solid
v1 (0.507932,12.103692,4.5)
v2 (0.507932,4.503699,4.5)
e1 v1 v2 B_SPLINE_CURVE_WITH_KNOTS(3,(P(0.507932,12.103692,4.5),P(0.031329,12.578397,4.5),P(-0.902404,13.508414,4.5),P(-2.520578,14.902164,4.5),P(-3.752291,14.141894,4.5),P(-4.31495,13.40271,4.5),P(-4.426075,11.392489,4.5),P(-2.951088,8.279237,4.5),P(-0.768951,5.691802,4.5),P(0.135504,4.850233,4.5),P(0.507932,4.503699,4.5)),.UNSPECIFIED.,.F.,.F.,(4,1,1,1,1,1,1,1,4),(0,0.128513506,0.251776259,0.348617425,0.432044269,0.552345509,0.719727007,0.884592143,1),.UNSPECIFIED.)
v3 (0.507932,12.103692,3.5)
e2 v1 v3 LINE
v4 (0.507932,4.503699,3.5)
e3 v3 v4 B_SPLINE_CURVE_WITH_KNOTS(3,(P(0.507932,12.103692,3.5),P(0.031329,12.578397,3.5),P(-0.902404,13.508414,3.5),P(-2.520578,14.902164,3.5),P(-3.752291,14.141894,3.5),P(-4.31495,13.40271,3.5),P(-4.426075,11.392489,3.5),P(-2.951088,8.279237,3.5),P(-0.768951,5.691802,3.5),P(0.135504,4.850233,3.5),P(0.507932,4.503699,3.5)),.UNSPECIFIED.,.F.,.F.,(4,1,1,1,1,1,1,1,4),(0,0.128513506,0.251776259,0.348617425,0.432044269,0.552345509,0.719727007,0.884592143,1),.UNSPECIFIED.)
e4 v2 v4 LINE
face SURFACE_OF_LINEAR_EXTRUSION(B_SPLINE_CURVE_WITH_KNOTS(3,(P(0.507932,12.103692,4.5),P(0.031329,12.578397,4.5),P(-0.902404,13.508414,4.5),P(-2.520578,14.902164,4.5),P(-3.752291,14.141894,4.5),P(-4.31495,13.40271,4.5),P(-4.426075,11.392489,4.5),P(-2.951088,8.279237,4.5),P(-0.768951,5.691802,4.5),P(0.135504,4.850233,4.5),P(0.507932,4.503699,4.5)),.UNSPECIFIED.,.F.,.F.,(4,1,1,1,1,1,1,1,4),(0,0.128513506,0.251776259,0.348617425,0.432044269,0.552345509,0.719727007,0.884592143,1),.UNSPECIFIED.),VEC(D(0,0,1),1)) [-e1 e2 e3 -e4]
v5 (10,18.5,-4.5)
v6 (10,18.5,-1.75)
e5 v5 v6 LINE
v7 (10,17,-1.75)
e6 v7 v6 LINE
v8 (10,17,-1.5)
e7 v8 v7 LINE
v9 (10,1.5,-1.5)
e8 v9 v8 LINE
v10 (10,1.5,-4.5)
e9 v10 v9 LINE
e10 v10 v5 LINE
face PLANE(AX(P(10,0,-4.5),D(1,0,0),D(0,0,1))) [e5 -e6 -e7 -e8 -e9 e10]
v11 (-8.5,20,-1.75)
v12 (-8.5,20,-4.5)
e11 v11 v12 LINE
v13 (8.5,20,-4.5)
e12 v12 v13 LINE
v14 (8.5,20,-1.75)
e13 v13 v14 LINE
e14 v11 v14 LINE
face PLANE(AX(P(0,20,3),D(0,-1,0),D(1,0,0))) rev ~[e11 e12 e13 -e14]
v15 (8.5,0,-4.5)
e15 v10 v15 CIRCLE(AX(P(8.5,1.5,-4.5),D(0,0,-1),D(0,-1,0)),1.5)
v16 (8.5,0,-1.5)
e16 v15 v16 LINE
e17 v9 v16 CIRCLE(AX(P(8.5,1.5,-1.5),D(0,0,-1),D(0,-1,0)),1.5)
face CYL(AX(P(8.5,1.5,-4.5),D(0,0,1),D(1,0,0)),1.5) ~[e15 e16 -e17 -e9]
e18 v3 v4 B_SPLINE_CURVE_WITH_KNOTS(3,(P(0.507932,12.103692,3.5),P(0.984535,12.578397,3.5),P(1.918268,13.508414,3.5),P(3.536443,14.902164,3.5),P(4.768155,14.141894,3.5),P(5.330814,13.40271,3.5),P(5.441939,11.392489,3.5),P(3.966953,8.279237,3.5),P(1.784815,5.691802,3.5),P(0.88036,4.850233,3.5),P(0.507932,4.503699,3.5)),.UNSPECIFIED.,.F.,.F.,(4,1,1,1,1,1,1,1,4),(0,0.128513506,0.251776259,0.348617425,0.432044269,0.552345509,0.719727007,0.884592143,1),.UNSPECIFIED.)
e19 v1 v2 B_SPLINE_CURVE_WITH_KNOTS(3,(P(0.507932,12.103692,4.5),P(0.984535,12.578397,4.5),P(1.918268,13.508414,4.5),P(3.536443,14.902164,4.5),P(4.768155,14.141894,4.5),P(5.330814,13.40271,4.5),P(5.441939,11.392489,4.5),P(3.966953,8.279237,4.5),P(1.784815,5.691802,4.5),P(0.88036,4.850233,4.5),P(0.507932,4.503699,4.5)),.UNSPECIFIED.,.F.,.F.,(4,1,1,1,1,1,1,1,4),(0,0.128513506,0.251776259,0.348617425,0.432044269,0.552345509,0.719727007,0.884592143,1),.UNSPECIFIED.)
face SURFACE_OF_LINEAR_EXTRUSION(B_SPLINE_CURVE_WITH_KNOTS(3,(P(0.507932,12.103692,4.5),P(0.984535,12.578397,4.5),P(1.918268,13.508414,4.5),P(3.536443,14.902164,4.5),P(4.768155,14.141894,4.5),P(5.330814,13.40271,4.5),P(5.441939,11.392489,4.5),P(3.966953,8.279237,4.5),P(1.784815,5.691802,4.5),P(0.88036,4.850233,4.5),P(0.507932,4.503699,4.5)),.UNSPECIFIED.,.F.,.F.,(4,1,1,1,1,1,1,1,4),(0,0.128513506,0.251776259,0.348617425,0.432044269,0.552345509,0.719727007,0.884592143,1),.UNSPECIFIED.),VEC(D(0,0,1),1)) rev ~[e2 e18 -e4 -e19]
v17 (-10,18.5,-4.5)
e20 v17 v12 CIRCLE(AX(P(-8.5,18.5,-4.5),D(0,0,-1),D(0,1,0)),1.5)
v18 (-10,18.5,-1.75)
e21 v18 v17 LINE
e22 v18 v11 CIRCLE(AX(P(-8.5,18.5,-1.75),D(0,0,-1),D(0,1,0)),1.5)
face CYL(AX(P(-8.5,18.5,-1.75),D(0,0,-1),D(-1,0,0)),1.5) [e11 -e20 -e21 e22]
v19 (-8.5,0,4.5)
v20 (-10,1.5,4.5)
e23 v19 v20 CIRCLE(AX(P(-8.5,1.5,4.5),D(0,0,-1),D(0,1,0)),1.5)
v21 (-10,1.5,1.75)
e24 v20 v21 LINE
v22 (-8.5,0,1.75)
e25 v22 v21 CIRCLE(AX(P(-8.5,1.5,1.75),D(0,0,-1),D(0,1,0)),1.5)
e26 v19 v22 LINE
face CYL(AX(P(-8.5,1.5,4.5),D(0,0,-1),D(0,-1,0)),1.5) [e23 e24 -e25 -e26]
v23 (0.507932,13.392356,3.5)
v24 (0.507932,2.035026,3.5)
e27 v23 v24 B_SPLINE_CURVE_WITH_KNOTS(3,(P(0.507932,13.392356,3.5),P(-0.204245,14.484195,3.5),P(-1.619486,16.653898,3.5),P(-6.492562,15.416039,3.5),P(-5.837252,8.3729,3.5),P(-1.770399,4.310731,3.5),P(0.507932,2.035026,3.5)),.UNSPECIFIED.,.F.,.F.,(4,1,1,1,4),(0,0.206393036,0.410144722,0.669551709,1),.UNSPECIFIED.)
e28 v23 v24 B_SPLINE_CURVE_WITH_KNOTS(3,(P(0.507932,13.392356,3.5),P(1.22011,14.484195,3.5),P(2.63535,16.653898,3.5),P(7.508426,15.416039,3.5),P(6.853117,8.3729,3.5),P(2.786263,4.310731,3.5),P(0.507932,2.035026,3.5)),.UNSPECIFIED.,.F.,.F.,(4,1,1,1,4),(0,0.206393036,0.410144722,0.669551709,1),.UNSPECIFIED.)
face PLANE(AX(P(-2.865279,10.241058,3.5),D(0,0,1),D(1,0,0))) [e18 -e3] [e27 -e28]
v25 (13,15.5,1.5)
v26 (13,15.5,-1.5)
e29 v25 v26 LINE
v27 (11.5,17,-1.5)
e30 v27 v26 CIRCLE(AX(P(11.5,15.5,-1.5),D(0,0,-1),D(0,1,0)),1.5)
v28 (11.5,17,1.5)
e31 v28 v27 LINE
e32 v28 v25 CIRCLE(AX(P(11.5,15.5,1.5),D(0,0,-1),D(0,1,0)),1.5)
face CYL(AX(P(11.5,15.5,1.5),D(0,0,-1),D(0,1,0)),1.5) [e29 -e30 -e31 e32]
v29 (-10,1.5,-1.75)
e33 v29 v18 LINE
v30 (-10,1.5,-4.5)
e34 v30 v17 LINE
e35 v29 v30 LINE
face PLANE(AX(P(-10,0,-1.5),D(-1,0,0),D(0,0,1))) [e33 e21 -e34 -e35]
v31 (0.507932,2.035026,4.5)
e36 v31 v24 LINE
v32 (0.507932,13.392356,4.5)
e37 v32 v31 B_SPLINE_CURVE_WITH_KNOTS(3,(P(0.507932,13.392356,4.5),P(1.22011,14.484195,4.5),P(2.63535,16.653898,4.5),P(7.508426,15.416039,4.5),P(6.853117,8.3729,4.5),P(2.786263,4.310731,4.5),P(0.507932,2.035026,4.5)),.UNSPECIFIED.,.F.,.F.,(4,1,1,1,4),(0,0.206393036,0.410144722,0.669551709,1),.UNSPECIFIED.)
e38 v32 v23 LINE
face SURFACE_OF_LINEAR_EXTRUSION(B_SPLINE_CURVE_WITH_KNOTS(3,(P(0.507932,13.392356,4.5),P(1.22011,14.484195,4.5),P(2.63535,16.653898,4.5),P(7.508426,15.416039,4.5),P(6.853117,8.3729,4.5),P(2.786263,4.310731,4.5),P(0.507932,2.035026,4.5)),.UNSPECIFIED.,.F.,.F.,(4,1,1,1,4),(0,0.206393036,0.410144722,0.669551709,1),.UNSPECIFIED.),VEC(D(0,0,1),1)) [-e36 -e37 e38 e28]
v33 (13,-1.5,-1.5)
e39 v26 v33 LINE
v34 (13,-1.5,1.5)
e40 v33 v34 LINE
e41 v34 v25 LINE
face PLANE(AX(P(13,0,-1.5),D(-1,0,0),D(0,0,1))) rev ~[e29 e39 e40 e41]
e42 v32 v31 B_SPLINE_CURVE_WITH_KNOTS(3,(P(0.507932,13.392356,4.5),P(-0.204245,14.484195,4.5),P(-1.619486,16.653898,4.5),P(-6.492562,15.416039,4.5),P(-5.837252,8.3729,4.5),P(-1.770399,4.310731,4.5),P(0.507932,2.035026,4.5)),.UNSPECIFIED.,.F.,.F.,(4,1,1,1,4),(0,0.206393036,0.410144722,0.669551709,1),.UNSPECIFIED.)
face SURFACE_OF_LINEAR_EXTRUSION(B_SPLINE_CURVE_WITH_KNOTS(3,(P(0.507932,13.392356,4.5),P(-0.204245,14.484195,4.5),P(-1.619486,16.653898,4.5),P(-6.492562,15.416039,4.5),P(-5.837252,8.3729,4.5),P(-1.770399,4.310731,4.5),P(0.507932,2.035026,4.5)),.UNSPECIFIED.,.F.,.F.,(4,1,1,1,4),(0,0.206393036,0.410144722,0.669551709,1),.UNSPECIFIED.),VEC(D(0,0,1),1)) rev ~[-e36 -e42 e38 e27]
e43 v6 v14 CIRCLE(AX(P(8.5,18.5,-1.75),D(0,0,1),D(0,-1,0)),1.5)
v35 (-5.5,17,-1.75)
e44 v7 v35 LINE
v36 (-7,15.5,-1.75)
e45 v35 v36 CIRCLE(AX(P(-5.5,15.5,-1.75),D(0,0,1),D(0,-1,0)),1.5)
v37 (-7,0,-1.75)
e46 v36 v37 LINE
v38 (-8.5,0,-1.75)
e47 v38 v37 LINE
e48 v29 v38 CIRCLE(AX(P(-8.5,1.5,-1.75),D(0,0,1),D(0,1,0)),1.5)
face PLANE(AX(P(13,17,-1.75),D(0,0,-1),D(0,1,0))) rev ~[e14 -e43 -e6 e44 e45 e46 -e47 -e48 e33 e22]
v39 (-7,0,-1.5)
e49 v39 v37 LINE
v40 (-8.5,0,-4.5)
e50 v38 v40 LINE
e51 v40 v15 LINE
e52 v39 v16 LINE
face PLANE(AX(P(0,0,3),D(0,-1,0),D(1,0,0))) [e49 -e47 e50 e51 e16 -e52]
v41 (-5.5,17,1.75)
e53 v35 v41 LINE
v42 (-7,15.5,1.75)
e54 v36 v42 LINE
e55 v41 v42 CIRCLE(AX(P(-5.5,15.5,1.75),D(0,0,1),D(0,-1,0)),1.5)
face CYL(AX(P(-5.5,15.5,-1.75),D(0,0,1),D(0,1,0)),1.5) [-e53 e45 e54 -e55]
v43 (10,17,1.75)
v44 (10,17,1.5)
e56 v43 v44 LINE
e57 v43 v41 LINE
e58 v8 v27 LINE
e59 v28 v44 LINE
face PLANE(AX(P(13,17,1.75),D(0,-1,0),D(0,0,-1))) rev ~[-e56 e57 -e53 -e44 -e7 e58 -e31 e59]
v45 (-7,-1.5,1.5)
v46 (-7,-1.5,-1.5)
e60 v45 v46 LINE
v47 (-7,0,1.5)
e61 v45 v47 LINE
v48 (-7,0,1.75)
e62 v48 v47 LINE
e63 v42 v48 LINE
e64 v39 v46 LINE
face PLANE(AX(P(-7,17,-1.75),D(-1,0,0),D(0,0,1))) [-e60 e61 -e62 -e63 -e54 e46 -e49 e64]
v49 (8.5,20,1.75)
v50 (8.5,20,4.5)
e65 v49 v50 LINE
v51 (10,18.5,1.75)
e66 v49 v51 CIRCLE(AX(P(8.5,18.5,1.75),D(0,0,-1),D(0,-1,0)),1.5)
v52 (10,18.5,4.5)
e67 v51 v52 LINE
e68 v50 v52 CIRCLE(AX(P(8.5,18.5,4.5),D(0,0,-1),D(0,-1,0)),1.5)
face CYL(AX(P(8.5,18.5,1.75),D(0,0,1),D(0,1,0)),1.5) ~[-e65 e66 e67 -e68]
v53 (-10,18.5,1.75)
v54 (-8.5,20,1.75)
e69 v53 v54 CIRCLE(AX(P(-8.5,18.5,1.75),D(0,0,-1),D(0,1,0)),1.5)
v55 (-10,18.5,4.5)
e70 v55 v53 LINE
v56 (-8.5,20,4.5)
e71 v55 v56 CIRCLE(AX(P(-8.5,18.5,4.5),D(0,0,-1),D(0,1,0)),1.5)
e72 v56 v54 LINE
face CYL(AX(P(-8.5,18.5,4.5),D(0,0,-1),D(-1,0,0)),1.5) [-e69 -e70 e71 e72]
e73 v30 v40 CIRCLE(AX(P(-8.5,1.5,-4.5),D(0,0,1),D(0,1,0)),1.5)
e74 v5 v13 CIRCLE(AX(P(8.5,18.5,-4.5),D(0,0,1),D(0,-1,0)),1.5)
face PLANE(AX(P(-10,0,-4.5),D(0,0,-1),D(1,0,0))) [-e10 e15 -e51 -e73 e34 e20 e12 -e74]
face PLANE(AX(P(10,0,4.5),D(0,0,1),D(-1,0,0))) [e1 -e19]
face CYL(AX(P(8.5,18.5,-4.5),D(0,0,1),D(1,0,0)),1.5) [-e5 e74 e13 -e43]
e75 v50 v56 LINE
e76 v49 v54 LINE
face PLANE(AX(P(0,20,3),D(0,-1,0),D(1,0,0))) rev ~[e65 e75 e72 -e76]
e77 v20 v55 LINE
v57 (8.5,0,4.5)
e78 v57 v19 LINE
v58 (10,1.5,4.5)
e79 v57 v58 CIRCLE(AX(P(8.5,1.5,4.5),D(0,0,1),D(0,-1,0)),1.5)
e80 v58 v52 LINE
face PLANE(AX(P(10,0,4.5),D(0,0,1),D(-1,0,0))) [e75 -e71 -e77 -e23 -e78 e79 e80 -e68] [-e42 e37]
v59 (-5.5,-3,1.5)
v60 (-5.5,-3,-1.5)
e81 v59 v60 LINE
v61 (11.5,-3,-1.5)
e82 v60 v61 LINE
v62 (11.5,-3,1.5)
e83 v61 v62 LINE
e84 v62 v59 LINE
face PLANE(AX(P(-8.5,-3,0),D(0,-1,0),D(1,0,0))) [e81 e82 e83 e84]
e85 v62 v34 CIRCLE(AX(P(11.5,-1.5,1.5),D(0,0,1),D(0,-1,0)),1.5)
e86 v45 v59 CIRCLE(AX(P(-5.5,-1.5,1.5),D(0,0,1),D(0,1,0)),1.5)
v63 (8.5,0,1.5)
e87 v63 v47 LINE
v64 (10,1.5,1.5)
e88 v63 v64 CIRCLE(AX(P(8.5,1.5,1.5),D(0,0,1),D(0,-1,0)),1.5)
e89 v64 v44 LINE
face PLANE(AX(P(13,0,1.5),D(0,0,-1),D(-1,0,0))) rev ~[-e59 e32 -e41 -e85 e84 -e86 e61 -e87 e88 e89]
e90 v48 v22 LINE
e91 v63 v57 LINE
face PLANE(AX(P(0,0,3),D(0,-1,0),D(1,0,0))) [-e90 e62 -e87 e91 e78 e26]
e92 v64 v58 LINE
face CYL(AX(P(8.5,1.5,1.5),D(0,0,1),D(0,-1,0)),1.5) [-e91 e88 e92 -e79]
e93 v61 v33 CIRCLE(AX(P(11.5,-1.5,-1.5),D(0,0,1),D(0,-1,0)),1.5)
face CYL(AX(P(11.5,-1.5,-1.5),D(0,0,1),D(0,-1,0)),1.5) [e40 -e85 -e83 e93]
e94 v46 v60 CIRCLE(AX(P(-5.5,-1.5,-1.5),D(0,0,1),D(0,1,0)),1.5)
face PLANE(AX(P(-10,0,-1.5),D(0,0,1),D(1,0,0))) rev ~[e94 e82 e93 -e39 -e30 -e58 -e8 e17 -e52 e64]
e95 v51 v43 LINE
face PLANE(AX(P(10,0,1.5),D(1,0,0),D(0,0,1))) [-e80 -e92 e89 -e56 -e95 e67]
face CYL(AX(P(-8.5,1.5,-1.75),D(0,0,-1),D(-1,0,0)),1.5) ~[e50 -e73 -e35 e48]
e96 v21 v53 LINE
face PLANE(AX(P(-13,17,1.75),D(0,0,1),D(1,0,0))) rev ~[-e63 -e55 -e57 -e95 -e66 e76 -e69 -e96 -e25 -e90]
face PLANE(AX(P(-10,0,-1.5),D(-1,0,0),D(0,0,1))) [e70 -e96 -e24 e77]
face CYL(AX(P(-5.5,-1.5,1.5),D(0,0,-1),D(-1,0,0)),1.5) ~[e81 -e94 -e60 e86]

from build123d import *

# Parameters (mm, degrees)
F0_W     = 14
F0_H     = 3
F0_W_2   = 3
F1_DEPTH = 20
F2_DEPTH = 3
F3_W     = 3
F3_H     = 3
F4_DEPTH = 100
F5_W     = 3
F5_H     = 3.5
F6_DEPTH = 100
F7_R     = 1.5
F9_DEPTH = 1


with BuildPart() as f1:
    # F0 (on Front) → F1 (new body)
    with BuildSketch(Plane.XZ):
        Polygon((10, 1.5), (10, 4.5), (-10, 4.5), (-10, 1.5), (-7, 1.5), (7, 1.5), align=None)
        Rectangle(F0_W, F0_H)
        with Locations((11.5, 0)):
            Rectangle(F0_W_2, F0_H)
        with Locations((8.5, 0)):
            Rectangle(F0_W_2, F0_H)
        with Locations((-8.5, 0)):
            Rectangle(F0_W_2, F0_H)
        Polygon((10, -4.5), (10, -1.5), (7, -1.5), (-7, -1.5), (-10, -1.5), (-10, -4.5), align=None)
    extrude(amount=-F1_DEPTH)

    # F0 (on Front) → F2 (join)
    with BuildSketch(Plane.XZ):
        with Locations((-8.5, 0)):
            Rectangle(F0_W_2, F0_H)
        Rectangle(F0_W, F0_H)
        with Locations((8.5, 0)):
            Rectangle(F0_W_2, F0_H)
        with Locations((11.5, 0)):
            Rectangle(F0_W_2, F0_H)
    extrude(amount=F2_DEPTH)

    # F3 (on face) → F4 (cut)
    with BuildSketch(Plane.YZ.offset(13)):
        Polygon((23, -1.75), (23, 1.75), (17, 1.75), (17, 1.5), (20, 1.5), (20, -1.5), (17, -1.5), (17, -1.75), align=None)
        with Locations((18.5, 0)):
            Rectangle(F3_W, F3_H)
    extrude(amount=-F4_DEPTH, mode=Mode.SUBTRACT)

    # F5 (on face) → F6 (cut)
    with BuildSketch(Plane(origin=(0, 17, 0), x_dir=(-1, 0, 0), z_dir=(0, 1, 0))):
        with Locations((11.5, 0)):
            Rectangle(F5_W, F5_H)
        with Locations((8.5, 0)):
            Rectangle(F5_W, F5_H)
    extrude(amount=-F6_DEPTH, mode=Mode.SUBTRACT)

    # F7
    f7_edges = [f1.edges().sort_by_distance(p)[0] for p in [
        (-7, -3, 0),
        (13, -3, 0),
        (10, 0, 3),
        (10, 0, -3),
        (-10, 0, -3.125),
        (-10, 0, 3.125),
        (-7, 17, 0),
        (-10, 20, 3.125),
        (-10, 20, -3.125),
        (13, 17, 0),
        (10, 20, 3.125),
        (10, 20, -3.125),
    ]]
    fillet(f7_edges, radius=F7_R)

    # F8 (on face) → F9 (cut)
    with BuildSketch(Plane.XY.offset(4.5)):
        with BuildLine():
            Line((0.5079321563, 12.6308239996), (0.5079321563, 13.3923562244))
            add(Edge.make_bspline(
                [(0.5079321563, 13.3923562244), (-0.2042453086, 14.4841945601), (-1.6194856249, 16.653897794), (-6.4925619551, 15.4160387293), (-5.8372524097, 8.372899764), (-1.7703990856, 4.3107311976), (0.5079321563, 2.0350255072)],
                knots=[0, 0, 0, 0, 0.2063930363, 0.4101447224, 0.6695517086, 1, 1, 1, 1], degree=3))
            Line((0.5079321563, 2.0350255072), (0.5079321563, 3.2167136669))
            add(Edge.make_bspline(
                [(0.5079321563, 12.6308239996), (-0.2166217589, 13.5477579815), (-1.4496563968, 15.1081819987), (-3.2014964515, 15.467028439), (-5.0022320005, 14.3189482089), (-5.3079861121, 11.6387311218), (-3.4341416808, 7.1131911239), (-0.8432740412, 4.5522916121), (0.5079321563, 3.2167136669)],
                knots=[0, 0, 0, 0, 0.169604223, 0.2886298612, 0.4171601384, 0.5655007654, 0.7733969919, 1, 1, 1, 1], degree=3))
        make_face()
        with BuildLine():
            add(Edge.make_bspline(
                [(0.5079321563, 13.3923562244), (1.2201096213, 14.4841945601), (2.6353499375, 16.653897794), (7.5084262677, 15.4160387293), (6.8531167223, 8.372899764), (2.7862633983, 4.3107311976), (0.5079321563, 2.0350255072)],
                knots=[0, 0, 0, 0, 0.2063930363, 0.4101447224, 0.6695517086, 1, 1, 1, 1], degree=3))
            Line((0.5079321563, 13.3923562244), (0.5079321563, 12.6308239996))
            add(Edge.make_bspline(
                [(0.5079321563, 12.6308239996), (1.2324860716, 13.5477579815), (2.4655207094, 15.1081819987), (4.2173607642, 15.467028439), (6.0180963131, 14.3189482089), (6.3238504248, 11.6387311218), (4.4500059934, 7.1131911239), (1.8591383538, 4.5522916121), (0.5079321563, 3.2167136669)],
                knots=[0, 0, 0, 0, 0.169604223, 0.2886298612, 0.4171601384, 0.5655007654, 0.7733969919, 1, 1, 1, 1], degree=3))
            Line((0.5079321563, 3.2167136669), (0.5079321563, 2.0350255072))
        make_face()
        with BuildLine():
            add(Edge.make_bspline(
                [(0.5079321563, 12.6308239996), (1.2324860716, 13.5477579815), (2.4655207094, 15.1081819987), (4.2173607642, 15.467028439), (6.0180963131, 14.3189482089), (6.3238504248, 11.6387311218), (4.4500059934, 7.1131911239), (1.8591383538, 4.5522916121), (0.5079321563, 3.2167136669)],
                knots=[0, 0, 0, 0, 0.169604223, 0.2886298612, 0.4171601384, 0.5655007654, 0.7733969919, 1, 1, 1, 1], degree=3))
            Line((0.5079321563, 12.6308239996), (0.5079321563, 12.1036916971))
            add(Edge.make_bspline(
                [(0.5079321563, 12.1036916971), (0.9845350772, 12.5783972914), (1.9182678659, 13.5084136695), (3.5364426534, 14.9021637489), (4.7681552632, 14.1418940477), (5.3308142058, 13.4027101407), (5.4419389667, 11.3924890124), (3.9669526492, 8.2792374371), (1.784815358, 5.6918019484), (0.880360239, 4.8502334126), (0.5079321563, 4.5036990196)],
                knots=[0, 0, 0, 0, 0.1285135055, 0.2517762593, 0.348617425, 0.4320442691, 0.5523455091, 0.7197270075, 0.8845921433, 1, 1, 1, 1], degree=3))
            Line((0.5079321563, 4.5036990196), (0.5079321563, 3.2167136669))
        make_face()
        with BuildLine():
            Line((0.5079321563, 12.1036916971), (0.5079321563, 12.6308239996))
            add(Edge.make_bspline(
                [(0.5079321563, 12.6308239996), (-0.2166217589, 13.5477579815), (-1.4496563968, 15.1081819987), (-3.2014964515, 15.467028439), (-5.0022320005, 14.3189482089), (-5.3079861121, 11.6387311218), (-3.4341416808, 7.1131911239), (-0.8432740412, 4.5522916121), (0.5079321563, 3.2167136669)],
                knots=[0, 0, 0, 0, 0.169604223, 0.2886298612, 0.4171601384, 0.5655007654, 0.7733969919, 1, 1, 1, 1], degree=3))
            Line((0.5079321563, 3.2167136669), (0.5079321563, 4.5036990196))
            add(Edge.make_bspline(
                [(0.5079321563, 12.1036916971), (0.0313292355, 12.5783972914), (-0.9024035532, 13.5084136695), (-2.5205783407, 14.9021637489), (-3.7522909505, 14.1418940477), (-4.3149498931, 13.4027101407), (-4.426074654, 11.3924890124), (-2.9510883366, 8.2792374371), (-0.7689510454, 5.6918019484), (0.1355040736, 4.8502334126), (0.5079321563, 4.5036990196)],
                knots=[0, 0, 0, 0, 0.1285135055, 0.2517762593, 0.348617425, 0.4320442691, 0.5523455091, 0.7197270075, 0.8845921433, 1, 1, 1, 1], degree=3))
        make_face()
    extrude(amount=-F9_DEPTH, mode=Mode.SUBTRACT)


solid = f1.part
